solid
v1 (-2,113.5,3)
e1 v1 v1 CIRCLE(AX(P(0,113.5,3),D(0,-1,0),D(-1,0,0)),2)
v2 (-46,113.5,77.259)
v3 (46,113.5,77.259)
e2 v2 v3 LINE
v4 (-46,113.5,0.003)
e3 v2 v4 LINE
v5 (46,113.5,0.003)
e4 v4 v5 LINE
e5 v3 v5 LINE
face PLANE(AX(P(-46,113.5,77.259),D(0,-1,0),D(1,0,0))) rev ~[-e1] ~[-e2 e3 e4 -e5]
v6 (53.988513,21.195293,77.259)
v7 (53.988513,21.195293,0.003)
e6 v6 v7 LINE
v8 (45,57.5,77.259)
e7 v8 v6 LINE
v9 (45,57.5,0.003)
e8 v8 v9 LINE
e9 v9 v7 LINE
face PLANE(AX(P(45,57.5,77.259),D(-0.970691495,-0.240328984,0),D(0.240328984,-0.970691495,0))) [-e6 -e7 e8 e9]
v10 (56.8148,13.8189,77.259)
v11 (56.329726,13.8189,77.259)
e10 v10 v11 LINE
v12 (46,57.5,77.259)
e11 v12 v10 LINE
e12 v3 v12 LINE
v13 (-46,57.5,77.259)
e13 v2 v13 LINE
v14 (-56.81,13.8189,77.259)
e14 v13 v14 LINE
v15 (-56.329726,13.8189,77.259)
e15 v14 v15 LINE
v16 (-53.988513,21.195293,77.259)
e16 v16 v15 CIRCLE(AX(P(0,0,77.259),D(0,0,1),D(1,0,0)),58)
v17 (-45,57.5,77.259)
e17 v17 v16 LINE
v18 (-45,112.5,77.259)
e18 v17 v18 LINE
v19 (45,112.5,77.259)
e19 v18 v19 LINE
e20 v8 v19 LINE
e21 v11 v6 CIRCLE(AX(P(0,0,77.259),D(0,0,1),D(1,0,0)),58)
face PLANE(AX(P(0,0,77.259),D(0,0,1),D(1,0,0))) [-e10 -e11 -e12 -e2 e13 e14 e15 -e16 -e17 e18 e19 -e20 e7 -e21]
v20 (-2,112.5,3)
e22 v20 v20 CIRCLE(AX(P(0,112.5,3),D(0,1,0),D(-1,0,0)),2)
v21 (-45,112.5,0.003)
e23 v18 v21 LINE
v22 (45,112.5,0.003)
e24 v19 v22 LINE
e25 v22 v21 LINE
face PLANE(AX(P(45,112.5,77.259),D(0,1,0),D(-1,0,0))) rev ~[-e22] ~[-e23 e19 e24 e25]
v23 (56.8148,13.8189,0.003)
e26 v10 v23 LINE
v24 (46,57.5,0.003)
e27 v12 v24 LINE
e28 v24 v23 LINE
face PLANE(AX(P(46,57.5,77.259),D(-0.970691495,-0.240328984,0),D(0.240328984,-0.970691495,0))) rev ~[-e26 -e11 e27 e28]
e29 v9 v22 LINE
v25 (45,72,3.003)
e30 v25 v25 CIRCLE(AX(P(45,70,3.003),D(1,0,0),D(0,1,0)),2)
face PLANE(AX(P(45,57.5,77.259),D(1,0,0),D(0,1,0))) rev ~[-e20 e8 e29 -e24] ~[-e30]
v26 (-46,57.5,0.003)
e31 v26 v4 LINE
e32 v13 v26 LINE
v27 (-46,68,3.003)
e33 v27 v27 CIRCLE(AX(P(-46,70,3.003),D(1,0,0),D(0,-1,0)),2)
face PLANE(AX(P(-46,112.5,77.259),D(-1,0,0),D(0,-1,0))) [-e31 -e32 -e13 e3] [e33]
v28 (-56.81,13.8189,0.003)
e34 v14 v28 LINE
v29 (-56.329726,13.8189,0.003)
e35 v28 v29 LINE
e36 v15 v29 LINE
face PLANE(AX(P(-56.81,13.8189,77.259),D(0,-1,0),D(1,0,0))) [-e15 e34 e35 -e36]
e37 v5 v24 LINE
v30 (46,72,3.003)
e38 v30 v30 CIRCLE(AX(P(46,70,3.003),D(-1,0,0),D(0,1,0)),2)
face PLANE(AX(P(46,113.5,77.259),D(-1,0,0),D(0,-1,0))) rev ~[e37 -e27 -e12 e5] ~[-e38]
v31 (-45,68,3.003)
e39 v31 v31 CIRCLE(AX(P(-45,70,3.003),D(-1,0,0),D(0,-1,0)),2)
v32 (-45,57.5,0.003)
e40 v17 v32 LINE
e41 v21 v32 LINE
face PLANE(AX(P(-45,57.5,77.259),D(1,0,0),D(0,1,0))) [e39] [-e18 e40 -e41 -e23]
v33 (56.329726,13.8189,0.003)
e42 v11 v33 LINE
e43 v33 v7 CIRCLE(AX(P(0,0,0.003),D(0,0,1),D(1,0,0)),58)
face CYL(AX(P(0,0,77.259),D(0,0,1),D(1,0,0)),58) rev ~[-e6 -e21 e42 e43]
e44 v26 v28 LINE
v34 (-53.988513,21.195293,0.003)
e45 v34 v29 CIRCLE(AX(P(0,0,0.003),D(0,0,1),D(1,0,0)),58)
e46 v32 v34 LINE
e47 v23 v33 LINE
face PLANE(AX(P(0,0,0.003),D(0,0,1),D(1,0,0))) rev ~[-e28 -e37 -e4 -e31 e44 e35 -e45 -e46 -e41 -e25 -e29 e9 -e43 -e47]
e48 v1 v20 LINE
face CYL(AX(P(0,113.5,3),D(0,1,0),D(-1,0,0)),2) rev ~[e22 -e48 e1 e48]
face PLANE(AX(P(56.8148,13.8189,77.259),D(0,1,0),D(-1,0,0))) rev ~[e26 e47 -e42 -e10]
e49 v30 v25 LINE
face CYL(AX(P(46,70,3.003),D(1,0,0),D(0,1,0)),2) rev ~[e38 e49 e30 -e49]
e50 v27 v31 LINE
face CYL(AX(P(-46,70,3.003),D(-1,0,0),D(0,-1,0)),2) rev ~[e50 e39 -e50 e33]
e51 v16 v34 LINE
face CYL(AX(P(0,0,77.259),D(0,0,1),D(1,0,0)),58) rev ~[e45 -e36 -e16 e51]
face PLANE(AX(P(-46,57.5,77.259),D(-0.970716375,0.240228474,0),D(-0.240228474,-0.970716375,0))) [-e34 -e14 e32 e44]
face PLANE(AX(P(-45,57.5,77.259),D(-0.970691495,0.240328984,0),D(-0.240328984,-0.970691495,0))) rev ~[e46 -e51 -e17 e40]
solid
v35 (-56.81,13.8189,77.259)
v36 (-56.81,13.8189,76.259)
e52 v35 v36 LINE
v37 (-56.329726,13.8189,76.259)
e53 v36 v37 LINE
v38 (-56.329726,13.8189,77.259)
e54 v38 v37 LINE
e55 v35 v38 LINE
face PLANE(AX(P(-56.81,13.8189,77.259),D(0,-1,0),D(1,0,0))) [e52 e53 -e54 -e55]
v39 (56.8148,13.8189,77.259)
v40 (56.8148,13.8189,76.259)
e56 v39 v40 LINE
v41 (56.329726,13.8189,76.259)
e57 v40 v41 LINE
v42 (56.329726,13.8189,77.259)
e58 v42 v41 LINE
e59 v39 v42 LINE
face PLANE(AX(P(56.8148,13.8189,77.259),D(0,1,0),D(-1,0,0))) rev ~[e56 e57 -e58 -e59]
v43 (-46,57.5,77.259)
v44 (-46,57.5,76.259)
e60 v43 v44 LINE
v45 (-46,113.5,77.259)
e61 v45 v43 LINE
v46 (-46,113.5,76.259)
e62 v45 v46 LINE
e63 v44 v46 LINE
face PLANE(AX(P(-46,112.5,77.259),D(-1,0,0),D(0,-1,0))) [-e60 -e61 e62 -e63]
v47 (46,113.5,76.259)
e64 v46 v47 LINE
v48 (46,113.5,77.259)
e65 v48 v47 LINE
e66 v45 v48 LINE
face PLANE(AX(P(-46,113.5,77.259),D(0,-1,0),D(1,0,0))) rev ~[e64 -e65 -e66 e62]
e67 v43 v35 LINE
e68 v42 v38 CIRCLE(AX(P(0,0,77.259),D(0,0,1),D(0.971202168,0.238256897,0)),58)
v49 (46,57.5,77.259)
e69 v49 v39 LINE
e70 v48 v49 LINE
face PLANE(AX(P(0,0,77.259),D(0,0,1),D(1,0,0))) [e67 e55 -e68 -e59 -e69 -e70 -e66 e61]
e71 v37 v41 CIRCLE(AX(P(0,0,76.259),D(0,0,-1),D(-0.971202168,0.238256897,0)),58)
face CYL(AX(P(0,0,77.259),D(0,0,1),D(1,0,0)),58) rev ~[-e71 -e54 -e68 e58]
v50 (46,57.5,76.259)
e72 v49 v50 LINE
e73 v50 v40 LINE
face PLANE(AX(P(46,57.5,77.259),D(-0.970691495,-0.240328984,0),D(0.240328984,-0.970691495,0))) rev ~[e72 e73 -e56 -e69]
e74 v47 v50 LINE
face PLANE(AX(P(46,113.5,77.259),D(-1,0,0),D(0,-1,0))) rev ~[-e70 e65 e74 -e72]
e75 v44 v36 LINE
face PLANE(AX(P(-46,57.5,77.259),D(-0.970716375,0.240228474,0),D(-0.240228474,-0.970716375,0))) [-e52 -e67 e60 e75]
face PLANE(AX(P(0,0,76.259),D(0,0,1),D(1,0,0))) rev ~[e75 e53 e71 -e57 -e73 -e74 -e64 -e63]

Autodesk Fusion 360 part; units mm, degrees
sketch "Sketch1" plane through (0, 0, 0) normal (0, 0, 1) x (1, 0, 0)
  line L0 (-45, 112.5) -> (-43, 112.5)
  circle A0 centre (-32.1714, 98.7639) radius 4.5
  circle A1 centre (-33.5876, 33.5876) radius 2.15
  line L1 (-43, 110.5) -> (-43, 59.5)
  line L2 (-43, 59.5) -> (-43, 57.5)
  line L3 (-45, 57.5) -> (-55.8148, 13.8189)
  line L4 (-45, 112.5) -> (-45, 110.5)
  circle A2 centre (33.5876, -33.5876) radius 2.15
  line L5 (-43, 57.5) -> (-50.3698, 27.7333)
  line L6 (0, 0) -> (47.5, 0) construction
  circle A3 centre (33.5876, 33.5876) radius 2.15
  line L7 (2.9, 66.8243) -> (2.9, 70.1757)
  line L8 (18.1, 66.8243) -> (18.1, 70.1757)
  line L9 (0, 71.85) -> (2.9, 70.1757)
  line L10 (-2.9, 68.5) -> (-2.9, 66.8243)
  line L11 (0, 65.15) -> (2.9, 66.8243)
  line L12 (21, 71.85) -> (23.9, 70.1757)
  line L13 (2.9, 65.15) -> (3.3486, 65.15) construction
  line L14 (0, 68.5) -> (2.9, 68.5)
  circle A4 centre (0, 68.5) radius 2
  line L15 (2.9, 68.5) -> (-2.9, 68.5)
  line L16 (0, 68.5) -> (10.5, 68.5)
  line L17 (43, 57.5) -> (50.3698, 27.7333)
  line L18 (23.9, 68.5) -> (23.9, 66.8243)
  line L19 (45, 57.5) -> (45, 112.5)
  line L20 (0, 112.5) -> (45, 112.5)
  line L21 (-2.9, 66.8243) -> (-2.9, 70.1757)
  line L22 (0, 68.5) -> (21, 68.5)
  line L23 (45, 112.5) -> (-45, 112.5)
  line L24 (45, 57.5) -> (55.8148, 13.8189)
  line L25 (0, 57.5) -> (0, 64.5)
  line L26 (0, 71.85) -> (3.3486, 71.85) construction
  line L27 (0, 65.15) -> (3.3486, 65.15) construction
  line L28 (0, 68.5) -> (0, 65.15)
  line L29 (43, 59.5) -> (43, 57.5)
  line L30 (43, 59.5) -> (43, 110.5)
  line L31 (23.9, 66.8243) -> (23.9, 70.1757)
  line L32 (21, 65.15) -> (23.9, 66.8243)
  line L33 (10.5, 68.5) -> (10.5, 67) construction
  line L34 (0, 65.15) -> (0, 71.4)
  line L35 (0, 65.15) -> (-2.9, 66.8243)
  circle A5 centre (21, 68.5) radius 2
  line L36 (43, 110.5) -> (-43, 110.5)
  arc A6 (0, -38.75) -> (-18.4136, -54.4719) centre (0.0809, -57.4888) ccw
  spline S0 degree 2 poles (-12.8388, -56.0483) (0, -36) (12.5423, -56.1154) knots 0 0 0 4.029531 4.029531 4.029531 weights 1 3.529401 1
  line L37 (-43, 59.5) -> (43, 59.5)
  line L38 (0, 64.5) -> (0, 68.5)
  line L39 (43, 57.5) -> (-43, 57.5)
  line L40 (0, 0) -> (47.5, 0) construction
  line L41 (21, 71.85) -> (18.1, 70.1757)
  circle A7 centre (0, 0) radius 57.5
  line L42 (0, 0) -> (47.5, 0) construction
  line L43 (0, 0) -> (47.5, 0) construction
  line L44 (21, 65.15) -> (18.1, 66.8243)
  line L45 (2.9, 68.5) -> (2.9, 66.8243)
  arc A8 (18.5394, -54.4292) -> (0, -38.75) centre (0.0426, -57.5) ccw
  line L46 (2.9, 71.85) -> (2.9, 72.5)
  line L47 (0, 71.85) -> (-2.9, 70.1757)
  line L48 (-45, 57.5) -> (-45, 112.5)
  circle A9 centre (-33.5876, -33.5876) radius 2.15
  line L49 (-46, 112.5) -> (-46, 57.5)
  line L50 (-46, 57.5) -> (-56.81, 13.8189)
  line L51 (-46, 57.5) -> (-1.0012, 57.5) construction
  line L52 (-56.81, 13.8189) -> (-55.8148, 13.8189)
  line L53 (-46, 112.5) -> (-46, 113.5)
  line L54 (-46, 113.5) -> (46, 113.5)
  line L55 (46, 113.5) -> (46, 57.5)
  line L56 (46, 57.5) -> (56.8148, 13.8189)
  line L57 (56.8148, 13.8189) -> (55.8148, 13.8189)
  dimension "d1" = 115
  dimension "d26" = 4.3
  dimension "d27" = 4.3
  dimension "d28" = 4.3
  dimension "d29" = 4.3
  dimension "d8" = 18.75
  dimension "d63" = 90
  dimension "d64" = 55
  dimension "d65" = 2
  dimension "d66" = 2
  dimension "d67" = 51
  dimension "d68" = 86
  dimension "d69" = 2
  dimension "d76" = 7
  dimension "d77" = 4
  dimension "d78" = 21
  dimension "d79" = 4
  dimension "d80" = 4
  dimension "d81" = 3.35
  dimension "d82" = 6.7
  dimension "d83" = 2.9
  dimension "d84" = 5.8
  dimension "d85" = 150
  dimension "d86" = 30
  dimension "d87" = 30
  dimension "d88" = 60
  dimension "d89" = 10.5
  dimension "d33" = 103.9
  dimension "d34" = 92
ref_plane "WorkPlane1" through (0, 0, 77.259) normal (0, 0, 1) x (1, 0, 0)
sketch "Sketch2" plane through (0, 0, 77.259) normal (0, 0, 1) x (1, 0, 0)
  circle A0 centre (33.5876, -33.5876) radius 2.15
  line L0 (0, 0) -> (47.5, 0) construction
  circle A1 centre (33.5876, 33.5876) radius 2.15
  circle A2 centre (-33.5876, 33.5876) radius 2.15
  spline S0 degree 2 poles (-12.8388, -56.0483) (0, -36) (12.5423, -56.1154) knots 0 0 0 4.029531 4.029531 4.029531 weights 1 3.529401 1
  line L1 (0, 0) -> (47.5, 0) construction
  line L2 (43, 57.5) -> (-43, 57.5)
  line L3 (21, 71.85) -> (23.9, 70.1757)
  line L4 (-45, 112.5) -> (-43, 112.5)
  line L5 (0, 71.85) -> (3.3486, 71.85) construction
  line L6 (-46, 112.5) -> (-46, 113.5)
  line L7 (21, 71.85) -> (18.1, 70.1757)
  line L8 (0, 65.15) -> (3.3486, 65.15) construction
  line L9 (-43, 110.5) -> (-43, 59.5)
  line L10 (0, 68.5) -> (2.9, 68.5)
  line L11 (0, 68.5) -> (21, 68.5)
  line L12 (10.5, 68.5) -> (10.5, 67) construction
  line L13 (43, 110.5) -> (-43, 110.5)
  line L14 (45, 112.5) -> (-45, 112.5)
  line L15 (2.9, 66.8243) -> (2.9, 70.1757)
  line L16 (-43, 57.5) -> (-50.3698, 27.7333)
  line L17 (0, 112.5) -> (45, 112.5)
  circle A3 centre (0, 68.5) radius 2
  line L18 (-46, 113.5) -> (46, 113.5)
  line L19 (-45, 112.5) -> (-45, 110.5)
  line L20 (2.9, 68.5) -> (2.9, 66.8243)
  line L21 (-43, 59.5) -> (43, 59.5)
  line L22 (0, 65.15) -> (2.9, 66.8243)
  circle A4 centre (-32.1714, 98.7639) radius 4.5
  line L23 (0, 68.5) -> (10.5, 68.5)
  line L24 (2.9, 68.5) -> (-2.9, 68.5)
  line L25 (-43, 59.5) -> (-43, 57.5)
  line L26 (0, 68.5) -> (0, 65.15)
  line L27 (-2.9, 66.8243) -> (-2.9, 70.1757)
  line L28 (21, 65.15) -> (23.9, 66.8243)
  line L29 (2.9, 65.15) -> (3.3486, 65.15) construction
  line L30 (0, 71.85) -> (2.9, 70.1757)
  line L31 (23.9, 66.8243) -> (23.9, 70.1757)
  line L32 (23.9, 68.5) -> (23.9, 66.8243)
  line L33 (0, 65.15) -> (-2.9, 66.8243)
  line L34 (0, 57.5) -> (0, 64.5)
  line L35 (18.1, 66.8243) -> (18.1, 70.1757)
  circle A5 centre (21, 68.5) radius 2
  line L36 (43, 59.5) -> (43, 57.5)
  line L37 (-2.9, 68.5) -> (-2.9, 66.8243)
  line L38 (0, 71.85) -> (-2.9, 70.1757)
  line L39 (46, 57.5) -> (56.8148, 13.8189)
  line L40 (45, 57.5) -> (45, 112.5)
  line L41 (43, 57.5) -> (50.3698, 27.7333)
  line L42 (0, 65.15) -> (0, 71.4)
  line L43 (45, 57.5) -> (55.8148, 13.8189)
  line L44 (-46, 57.5) -> (-1.0012, 57.5) construction
  line L45 (-45, 57.5) -> (-45, 112.5)
  line L46 (-46, 112.5) -> (-46, 57.5)
  line L47 (43, 59.5) -> (43, 110.5)
  line L48 (-45, 57.5) -> (-55.8148, 13.8189)
  line L49 (21, 65.15) -> (18.1, 66.8243)
  line L50 (-46, 57.5) -> (-56.81, 13.8189)
  line L51 (46, 113.5) -> (46, 57.5)
  line L52 (0, 64.5) -> (0, 68.5)
  line L53 (2.9, 71.85) -> (2.9, 72.5)
  circle A6 centre (0, 0) radius 57.5
  line L54 (0, 0) -> (47.5, 0) construction
  circle A7 centre (-33.5876, -33.5876) radius 2.15
  line L55 (56.8148, 13.8189) -> (55.8148, 13.8189)
  line L56 (-56.81, 13.8189) -> (-55.8148, 13.8189)
  line L57 (0, 0) -> (47.5, 0) construction
  arc A8 (0, -38.75) -> (-18.4136, -54.4719) centre (0.0809, -57.4888) ccw
  arc A9 (18.5394, -54.4292) -> (0, -38.75) centre (0.0426, -57.5) ccw
  circle A10 centre (0, 0) radius 58
  dimension "d36" = 115
  dimension "d37" = 4.3
  dimension "d38" = 4.3
  dimension "d39" = 4.3
  dimension "d40" = 4.3
  dimension "d41" = 18.75
  dimension "d42" = 90
  dimension "d43" = 55
  dimension "d44" = 2
  dimension "d45" = 2
  dimension "d46" = 51
  dimension "d47" = 86
  dimension "d48" = 2
  dimension "d49" = 7
  dimension "d50" = 4
  dimension "d51" = 21
  dimension "d52" = 4
  dimension "d53" = 4
  dimension "d54" = 3.35
  dimension "d55" = 6.7
  dimension "d56" = 2.9
  dimension "d57" = 5.8
  dimension "d58" = 150
  dimension "d59" = 30
  dimension "d60" = 30
  dimension "d61" = 60
  dimension "d62" = 10.5
  dimension "d70" = 103.9
  dimension "d71" = 92
  dimension "d72" = 116
extrude "Extrude2" add sketch "Sketch2" against normal blind 1 contours L4 L6 L14 L17 L18 L19 L39 L40 L43 L45 L46 L48 L50 L51 L55 L56 A10 | L4 L9 L13 L14 L16 L17 L19 L25 L36 L40 L41 L43 L45 L47 L48 A10 | L2 L16 A10 | L2 L21 L25 L34 A10 | L2 L21 L34 L36 A10 | L2 L41 A10 | A5 | L3 L7 L28 L31 L32 L35 L49 | A3 L24 L26 L27 L33 L37 L42 L52 | L10 L11 L15 A3 L20 L22 L23 L24 L26 L42 L52 | L9 L13 L21 L47 | L10 L11 A3 L23 L24 L26 L42 L52 | A3 L24 L26 L42 L52 | L10 L11 L15 A3 L23 L24 L27 L30 L38 | A3 L24 L42 | L10 L11 A3 L23 L24 L42 | A4 makes body 1
extrude "Extrude1" add sketch "Sketch2" against normal blind 77.256 separate body contours L4 L6 L14 L17 L18 L19 L39 L40 L43 L45 L46 L48 L50 L51 L55 L56 A10 makes body 2
sketch "Sketch3" plane through (46, 0, 0) normal (1, 0, 0) x (0, 1, 0)
  line L0 (113.5, 77.259) -> (57.5, 77.259)
  line L1 (57.5, 77.259) -> (57.5, 0.003)
  line L2 (57.5, 0.003) -> (113.5, 0.003)
  line L3 (113.5, 0.003) -> (113.5, 77.259)
  line L4 (57.5, 0.003) -> (70, 0.003)
  line L5 (70, 0.003) -> (70, 3.003)
  circle A0 centre (70, 3.003) radius 2
  dimension "d91" = 12.5
  dimension "d92" = 3
  dimension "d93" = 4
extrude "Extrude3" cut sketch "Sketch3" against normal blind 14 contours A0 bodies 2
sketch "Sketch4" plane through (-46, 0, 0) normal (-1, 0, 0) x (0, -1, 0)
  line L0 (-57.5, 77.259) -> (-113.5, 77.259)
  line L1 (-113.5, 77.259) -> (-113.5, 0.003)
  line L2 (-113.5, 0.003) -> (-57.5, 0.003)
  line L3 (-57.5, 0.003) -> (-57.5, 77.259)
  line L4 (-57.5, 0.003) -> (-70, 0.003)
  line L5 (-70, 0.003) -> (-70, 3.003)
  circle A0 centre (-70, 3.003) radius 2
  dimension "d96" = 12.5
  dimension "d97" = 3
  dimension "d98" = 4
extrude "Extrude4" cut sketch "Sketch4" against normal blind 1 contours A0 bodies 2
sketch "Sketch5" plane through (0, 113.5, 0) normal (0, 1, 0) x (-1, 0, 0)
  line L0 (46, 77.259) -> (-46, 77.259)
  line L1 (-46, 77.259) -> (-46, 0.003)
  line L2 (-46, 0.003) -> (46, 0.003)
  line L3 (46, 0.003) -> (46, 77.259)
  line L4 (0, 0) -> (0, 3)
  circle A0 centre (0, 3) radius 2
  dimension "d101" = 3
  dimension "d102" = 4
extrude "Extrude5" cut sketch "Sketch5" against normal blind 1 contours A0 bodies 2
equation "d8 = 17.250 mm + 1.5 mm"
equation "d67 = 53 mm - 2 mm"
equation "d68 = 88 mm - 2 mm"
equation "d81 = ( 6.7 / 2 ) * 1 mm"
equation "d83 = ( 5.8 / 2 ) * 1 mm"
equation "d89 = ( 21 / 2 ) * 1 mm"
equation "d33 = 90 deg + 13.9 deg"
equation "d35 = 71.259 mm + 6 mm"
equation "d41 = 17.250 mm + 1.5 mm"
equation "d46 = 53 mm - 2 mm"
equation "d47 = 88 mm - 2 mm"
equation "d54 = ( 6.7 / 2 ) * 1 mm"
equation "d56 = ( 5.8 / 2 ) * 1 mm"
equation "d62 = ( 21 / 2 ) * 1 mm"
equation "d70 = 90 deg + 13.9 deg"
equation "d73 = -71.256 mm + -6 mm"
